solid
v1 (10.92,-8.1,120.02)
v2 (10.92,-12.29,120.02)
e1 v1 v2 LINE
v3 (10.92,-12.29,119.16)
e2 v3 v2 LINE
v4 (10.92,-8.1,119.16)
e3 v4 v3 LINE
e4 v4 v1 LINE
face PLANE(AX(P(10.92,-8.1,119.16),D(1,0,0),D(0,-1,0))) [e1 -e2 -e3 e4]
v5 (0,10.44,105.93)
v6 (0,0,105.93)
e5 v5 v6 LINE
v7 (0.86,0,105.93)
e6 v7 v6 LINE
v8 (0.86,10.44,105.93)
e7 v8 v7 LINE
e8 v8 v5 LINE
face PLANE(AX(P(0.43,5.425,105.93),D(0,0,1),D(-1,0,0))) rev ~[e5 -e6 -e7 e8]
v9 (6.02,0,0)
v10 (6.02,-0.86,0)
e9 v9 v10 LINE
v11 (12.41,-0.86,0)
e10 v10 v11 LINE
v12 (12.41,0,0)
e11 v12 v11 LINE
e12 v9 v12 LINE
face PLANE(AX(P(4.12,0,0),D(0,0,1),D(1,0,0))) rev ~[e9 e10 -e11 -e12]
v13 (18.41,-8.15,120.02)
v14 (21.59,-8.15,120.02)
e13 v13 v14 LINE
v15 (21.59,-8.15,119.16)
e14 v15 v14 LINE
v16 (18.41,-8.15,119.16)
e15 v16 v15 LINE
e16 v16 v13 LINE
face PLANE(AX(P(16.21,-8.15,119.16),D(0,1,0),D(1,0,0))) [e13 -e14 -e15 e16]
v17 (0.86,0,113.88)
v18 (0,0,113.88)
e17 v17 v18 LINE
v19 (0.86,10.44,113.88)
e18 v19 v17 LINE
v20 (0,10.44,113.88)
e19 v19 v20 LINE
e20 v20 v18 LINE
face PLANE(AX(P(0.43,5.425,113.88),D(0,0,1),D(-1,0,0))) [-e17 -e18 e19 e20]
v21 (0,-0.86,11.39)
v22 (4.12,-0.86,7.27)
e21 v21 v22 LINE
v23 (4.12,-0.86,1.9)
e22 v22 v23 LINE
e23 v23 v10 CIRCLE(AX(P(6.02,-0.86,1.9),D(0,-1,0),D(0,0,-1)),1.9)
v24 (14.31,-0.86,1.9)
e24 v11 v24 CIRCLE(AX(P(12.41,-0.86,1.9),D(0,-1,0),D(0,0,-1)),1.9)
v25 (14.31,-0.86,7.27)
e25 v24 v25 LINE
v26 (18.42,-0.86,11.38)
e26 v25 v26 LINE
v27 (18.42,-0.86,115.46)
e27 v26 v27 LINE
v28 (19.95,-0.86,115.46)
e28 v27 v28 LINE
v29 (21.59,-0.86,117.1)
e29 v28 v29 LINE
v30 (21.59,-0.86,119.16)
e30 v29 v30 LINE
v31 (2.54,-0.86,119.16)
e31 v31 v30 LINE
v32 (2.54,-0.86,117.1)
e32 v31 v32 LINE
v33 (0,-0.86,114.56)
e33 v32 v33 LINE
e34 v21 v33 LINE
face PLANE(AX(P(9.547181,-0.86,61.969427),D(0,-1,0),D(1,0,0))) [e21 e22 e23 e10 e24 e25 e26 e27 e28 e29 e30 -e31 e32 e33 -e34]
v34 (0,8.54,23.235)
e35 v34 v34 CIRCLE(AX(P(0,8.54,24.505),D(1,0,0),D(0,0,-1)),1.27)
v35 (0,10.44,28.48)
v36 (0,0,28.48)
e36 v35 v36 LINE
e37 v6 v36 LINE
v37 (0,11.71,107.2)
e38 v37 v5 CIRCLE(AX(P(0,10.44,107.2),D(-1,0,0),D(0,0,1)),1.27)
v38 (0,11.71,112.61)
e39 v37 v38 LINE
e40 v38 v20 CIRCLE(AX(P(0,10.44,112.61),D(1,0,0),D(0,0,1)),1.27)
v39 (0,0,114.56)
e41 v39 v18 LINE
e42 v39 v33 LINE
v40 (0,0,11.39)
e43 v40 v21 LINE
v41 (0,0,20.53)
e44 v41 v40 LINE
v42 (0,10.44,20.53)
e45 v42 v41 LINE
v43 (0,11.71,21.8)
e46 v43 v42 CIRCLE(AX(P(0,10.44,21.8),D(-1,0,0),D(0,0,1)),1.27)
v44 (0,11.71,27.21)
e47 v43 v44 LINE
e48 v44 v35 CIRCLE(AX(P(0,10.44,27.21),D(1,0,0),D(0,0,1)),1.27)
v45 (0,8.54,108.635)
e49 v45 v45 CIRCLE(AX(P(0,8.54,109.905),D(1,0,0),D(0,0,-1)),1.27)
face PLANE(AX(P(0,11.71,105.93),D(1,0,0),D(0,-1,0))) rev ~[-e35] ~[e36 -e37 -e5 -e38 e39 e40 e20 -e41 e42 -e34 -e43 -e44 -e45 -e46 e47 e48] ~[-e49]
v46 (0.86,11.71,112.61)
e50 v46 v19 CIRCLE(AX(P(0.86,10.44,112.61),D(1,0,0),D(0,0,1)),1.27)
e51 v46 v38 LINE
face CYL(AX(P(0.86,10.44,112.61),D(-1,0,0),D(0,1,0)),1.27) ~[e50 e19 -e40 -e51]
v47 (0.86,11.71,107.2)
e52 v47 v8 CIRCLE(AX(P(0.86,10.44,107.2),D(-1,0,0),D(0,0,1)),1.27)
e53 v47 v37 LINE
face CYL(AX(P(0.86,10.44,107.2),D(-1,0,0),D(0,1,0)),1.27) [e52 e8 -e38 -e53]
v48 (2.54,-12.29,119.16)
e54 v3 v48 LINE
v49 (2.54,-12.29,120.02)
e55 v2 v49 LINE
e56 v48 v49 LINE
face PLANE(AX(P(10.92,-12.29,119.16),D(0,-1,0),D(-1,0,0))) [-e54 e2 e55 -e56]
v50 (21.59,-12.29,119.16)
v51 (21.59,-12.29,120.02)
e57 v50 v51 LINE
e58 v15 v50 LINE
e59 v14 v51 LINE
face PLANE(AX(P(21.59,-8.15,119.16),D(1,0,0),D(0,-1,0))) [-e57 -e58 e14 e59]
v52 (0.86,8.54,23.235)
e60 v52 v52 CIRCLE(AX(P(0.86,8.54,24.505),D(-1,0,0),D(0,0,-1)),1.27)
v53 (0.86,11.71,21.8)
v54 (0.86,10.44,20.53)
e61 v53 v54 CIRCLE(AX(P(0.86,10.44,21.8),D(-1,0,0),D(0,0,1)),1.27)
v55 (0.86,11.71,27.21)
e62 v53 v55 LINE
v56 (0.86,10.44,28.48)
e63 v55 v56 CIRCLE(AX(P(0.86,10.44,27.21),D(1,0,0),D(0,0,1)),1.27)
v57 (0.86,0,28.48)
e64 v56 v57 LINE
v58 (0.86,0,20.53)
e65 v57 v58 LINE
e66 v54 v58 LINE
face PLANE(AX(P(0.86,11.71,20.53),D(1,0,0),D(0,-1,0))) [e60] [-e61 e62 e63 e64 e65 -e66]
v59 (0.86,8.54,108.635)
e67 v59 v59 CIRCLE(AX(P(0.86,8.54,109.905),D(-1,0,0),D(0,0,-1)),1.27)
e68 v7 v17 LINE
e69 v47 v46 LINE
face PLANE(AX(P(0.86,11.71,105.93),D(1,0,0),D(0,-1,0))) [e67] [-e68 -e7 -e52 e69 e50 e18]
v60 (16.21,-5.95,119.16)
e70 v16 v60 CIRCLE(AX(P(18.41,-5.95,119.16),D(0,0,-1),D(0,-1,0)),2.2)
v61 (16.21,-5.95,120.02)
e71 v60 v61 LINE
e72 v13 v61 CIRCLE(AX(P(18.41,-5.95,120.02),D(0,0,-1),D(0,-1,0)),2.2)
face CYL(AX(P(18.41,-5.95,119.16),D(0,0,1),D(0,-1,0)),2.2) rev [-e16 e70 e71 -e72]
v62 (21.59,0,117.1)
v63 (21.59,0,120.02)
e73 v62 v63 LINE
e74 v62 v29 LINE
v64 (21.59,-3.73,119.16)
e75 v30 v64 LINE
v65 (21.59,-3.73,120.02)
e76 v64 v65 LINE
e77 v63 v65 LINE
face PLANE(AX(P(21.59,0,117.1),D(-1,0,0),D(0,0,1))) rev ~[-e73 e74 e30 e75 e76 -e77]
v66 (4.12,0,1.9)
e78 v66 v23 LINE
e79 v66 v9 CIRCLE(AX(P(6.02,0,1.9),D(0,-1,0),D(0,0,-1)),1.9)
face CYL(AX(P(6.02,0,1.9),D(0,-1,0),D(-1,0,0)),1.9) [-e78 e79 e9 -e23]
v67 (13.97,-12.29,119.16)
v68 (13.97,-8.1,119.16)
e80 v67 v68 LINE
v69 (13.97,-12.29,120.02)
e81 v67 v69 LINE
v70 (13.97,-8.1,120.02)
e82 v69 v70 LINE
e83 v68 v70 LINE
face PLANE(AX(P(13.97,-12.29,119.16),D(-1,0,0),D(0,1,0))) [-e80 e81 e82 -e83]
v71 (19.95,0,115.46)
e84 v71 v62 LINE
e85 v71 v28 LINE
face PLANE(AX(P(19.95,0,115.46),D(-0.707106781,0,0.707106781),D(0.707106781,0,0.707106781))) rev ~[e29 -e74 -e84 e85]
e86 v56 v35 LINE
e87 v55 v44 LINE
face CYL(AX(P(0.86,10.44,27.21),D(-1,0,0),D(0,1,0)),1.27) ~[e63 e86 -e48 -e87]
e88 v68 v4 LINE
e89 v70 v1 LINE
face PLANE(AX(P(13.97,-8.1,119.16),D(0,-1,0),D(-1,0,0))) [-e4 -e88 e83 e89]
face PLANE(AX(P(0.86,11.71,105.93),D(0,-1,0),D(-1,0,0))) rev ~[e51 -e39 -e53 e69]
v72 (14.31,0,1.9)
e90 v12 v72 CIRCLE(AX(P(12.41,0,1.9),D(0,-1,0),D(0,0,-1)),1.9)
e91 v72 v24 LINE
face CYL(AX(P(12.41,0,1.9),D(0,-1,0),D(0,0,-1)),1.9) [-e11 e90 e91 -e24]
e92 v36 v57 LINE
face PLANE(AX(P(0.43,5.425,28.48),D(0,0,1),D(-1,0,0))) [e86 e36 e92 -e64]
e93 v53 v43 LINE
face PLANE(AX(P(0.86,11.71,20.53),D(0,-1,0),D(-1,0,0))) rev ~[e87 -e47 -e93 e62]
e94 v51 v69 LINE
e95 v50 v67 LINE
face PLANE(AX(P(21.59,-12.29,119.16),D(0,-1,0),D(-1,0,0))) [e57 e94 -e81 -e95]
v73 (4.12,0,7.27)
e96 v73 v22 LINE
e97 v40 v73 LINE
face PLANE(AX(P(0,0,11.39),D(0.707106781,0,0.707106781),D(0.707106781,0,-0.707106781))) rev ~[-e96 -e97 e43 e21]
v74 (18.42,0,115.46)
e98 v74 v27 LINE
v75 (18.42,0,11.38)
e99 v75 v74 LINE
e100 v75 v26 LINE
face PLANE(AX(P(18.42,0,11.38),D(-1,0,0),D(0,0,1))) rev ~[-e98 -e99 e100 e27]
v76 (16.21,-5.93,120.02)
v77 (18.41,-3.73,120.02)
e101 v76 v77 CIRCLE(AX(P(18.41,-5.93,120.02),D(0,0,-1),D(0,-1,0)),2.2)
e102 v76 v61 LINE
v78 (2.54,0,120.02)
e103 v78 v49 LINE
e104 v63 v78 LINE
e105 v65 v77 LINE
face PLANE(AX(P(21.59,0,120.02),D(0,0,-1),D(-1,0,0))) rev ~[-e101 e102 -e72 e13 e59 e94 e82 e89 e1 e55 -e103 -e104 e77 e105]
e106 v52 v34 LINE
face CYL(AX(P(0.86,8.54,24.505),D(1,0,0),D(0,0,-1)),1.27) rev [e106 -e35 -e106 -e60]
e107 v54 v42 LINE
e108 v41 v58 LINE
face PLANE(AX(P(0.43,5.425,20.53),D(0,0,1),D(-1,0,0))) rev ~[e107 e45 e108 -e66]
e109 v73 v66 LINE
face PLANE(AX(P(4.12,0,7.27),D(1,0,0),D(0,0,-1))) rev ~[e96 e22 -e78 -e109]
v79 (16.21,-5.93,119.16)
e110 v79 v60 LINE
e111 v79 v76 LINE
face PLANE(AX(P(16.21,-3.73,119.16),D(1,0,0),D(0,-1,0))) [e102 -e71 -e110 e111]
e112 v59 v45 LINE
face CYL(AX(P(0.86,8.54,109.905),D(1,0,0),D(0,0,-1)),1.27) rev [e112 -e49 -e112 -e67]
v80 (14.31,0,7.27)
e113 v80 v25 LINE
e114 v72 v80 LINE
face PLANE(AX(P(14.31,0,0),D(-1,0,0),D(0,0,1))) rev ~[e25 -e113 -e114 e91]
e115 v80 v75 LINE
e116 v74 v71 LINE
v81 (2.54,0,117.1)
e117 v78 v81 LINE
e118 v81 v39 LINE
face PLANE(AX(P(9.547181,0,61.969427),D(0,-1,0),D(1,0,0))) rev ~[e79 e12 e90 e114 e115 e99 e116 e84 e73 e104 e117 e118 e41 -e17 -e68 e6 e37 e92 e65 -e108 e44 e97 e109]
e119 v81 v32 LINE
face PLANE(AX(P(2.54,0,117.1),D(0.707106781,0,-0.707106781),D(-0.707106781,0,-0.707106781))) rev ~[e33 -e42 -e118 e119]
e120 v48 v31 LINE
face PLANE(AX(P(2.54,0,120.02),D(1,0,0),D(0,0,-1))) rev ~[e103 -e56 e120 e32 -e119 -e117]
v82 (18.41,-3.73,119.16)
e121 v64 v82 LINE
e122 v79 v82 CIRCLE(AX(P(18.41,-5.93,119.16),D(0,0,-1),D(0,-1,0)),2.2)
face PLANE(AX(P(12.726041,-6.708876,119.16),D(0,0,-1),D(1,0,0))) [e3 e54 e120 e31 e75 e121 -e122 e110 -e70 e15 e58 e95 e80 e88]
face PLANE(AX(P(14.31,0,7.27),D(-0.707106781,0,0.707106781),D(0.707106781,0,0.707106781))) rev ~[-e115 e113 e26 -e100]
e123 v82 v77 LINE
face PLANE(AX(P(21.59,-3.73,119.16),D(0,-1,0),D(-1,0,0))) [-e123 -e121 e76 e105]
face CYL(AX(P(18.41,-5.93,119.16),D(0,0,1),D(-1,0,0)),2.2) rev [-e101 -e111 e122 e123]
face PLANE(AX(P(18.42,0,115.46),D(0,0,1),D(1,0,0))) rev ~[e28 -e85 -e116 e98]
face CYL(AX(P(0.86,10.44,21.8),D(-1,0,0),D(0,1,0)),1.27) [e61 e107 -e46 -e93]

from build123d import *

# Parameters (mm, degrees)
PAD_DEPTH                 = 0.86
PAD002_DEPTH              = 0.86
FILLET_R                  = 2.2
FILLET001_R               = 1.9
CYLINDER_R                = 1.27
CYLINDER_DEPTH            = 10
BOX_W                     = 0.86
BOX_H                     = 12.57
BOX_DEPTH                 = 7.95
FILLET002_R               = 1.27
FILLET002_PLACEMENT_ANGLE = 180
CYLINDER001_R             = 1.27
CYLINDER001_DEPTH         = 10
BOX001_W                  = 0.86
BOX001_H                  = 12.57
BOX001_DEPTH              = 7.95
FILLET003_R               = 1.27
FILLET003_PLACEMENT_ANGLE = 180


with BuildPart() as body:
    # Sketch → Pad (new body)
    with BuildSketch(Plane.XZ):
        Polygon((0, 11.39), (4.12, 7.27), (4.12, 0), (14.31, 0), (14.31, 7.27), (18.42, 11.38), (18.42, 115.46), (19.95, 115.46), (21.59, 117.1), (21.59, 120.02), (2.54, 120.02), (2.54, 117.1), (0, 114.56), align=None)
    extrude(amount=PAD_DEPTH)


with BuildPart() as fillet001:
    # Sketch002 (on Face10 of Pad) → Pad002 (new body)
    with BuildSketch(Plane(origin=(0, 0, 120.02), x_dir=(-1, 0, 0), z_dir=(0, 0, 1))):
        Polygon((-21.59, 0.86), (-21.59, 3.73), (-16.21, 3.73), (-16.21, 8.15), (-21.59, 8.15), (-21.59, 12.29), (-13.97, 12.29), (-13.97, 8.1), (-10.92, 8.1), (-10.92, 12.29), (-2.54, 12.29), (-2.54, 0.86), align=None)
    extrude(amount=PAD002_DEPTH)


with BuildPart() as fillet001_1:
    # Body001 placement: moved
    add(fillet001.part.moved(Location((0, 0, -0.86))))

    # Fusion: union Body
    add(body.part)

    # Fillet
    fillet_edges = [fillet001_1.edges().sort_by_distance(p)[0] for p in [
        (16.21, -3.73, 119.59),
        (16.21, -8.15, 119.59),
    ]]
    fillet(fillet_edges, radius=FILLET_R)

    # Fillet001
    fillet001_edges = [fillet001_1.edges().sort_by_distance(p)[0] for p in [
        (4.12, -0.43, 0),
        (14.31, -0.43, 0),
    ]]
    fillet(fillet001_edges, radius=FILLET001_R)


with BuildPart() as cylinder:
    # Cylinder → Cylinder (new body)
    with BuildSketch(Plane(origin=(0, -9.4, 3.975), x_dir=(0, 0, -1), z_dir=(1, 0, 0))):
        Circle(CYLINDER_R)
    extrude(amount=CYLINDER_DEPTH)


with BuildPart() as fillet002:
    # Box → Box (new body)
    with BuildSketch(Plane(origin=(0, -12.57, 0), x_dir=(1, 0, 0), z_dir=(0, 0, 1))):
        with Locations((0.43, 6.285)):
            Rectangle(BOX_W, BOX_H)
    extrude(amount=BOX_DEPTH)

    # Cut: cut Cylinder
    add(cylinder.part, mode=Mode.SUBTRACT)

    # Fillet002
    fillet002_edges = [fillet002.edges().sort_by_distance(p)[0] for p in [
        (0.43, -12.57, 0),
        (0.43, -12.57, 7.95),
    ]]
    fillet(fillet002_edges, radius=FILLET002_R)


with BuildPart() as fillet002_1:
    # Fillet002 placement: moved
    add(fillet002.part.moved(Location((0.86, -0.86, 105.93))).rotate(Axis((0.86, -0.86, 105.93), (0, 0, 1)), FILLET002_PLACEMENT_ANGLE))


with BuildPart() as cylinder001:
    # Cylinder001 → Cylinder001 (new body)
    with BuildSketch(Plane(origin=(0, -9.4, 3.975), x_dir=(0, 0, -1), z_dir=(1, 0, 0))):
        Circle(CYLINDER001_R)
    extrude(amount=CYLINDER001_DEPTH)


with BuildPart() as iobracket_standard:
    # Box001 → Box001 (new body)
    with BuildSketch(Plane(origin=(0, -12.57, 0), x_dir=(1, 0, 0), z_dir=(0, 0, 1))):
        with Locations((0.43, 6.285)):
            Rectangle(BOX001_W, BOX001_H)
    extrude(amount=BOX001_DEPTH)

    # Cut001: cut Cylinder001
    add(cylinder001.part, mode=Mode.SUBTRACT)

    # Fillet003
    fillet003_edges = [iobracket_standard.edges().sort_by_distance(p)[0] for p in [
        (0.43, -12.57, 0),
        (0.43, -12.57, 7.95),
    ]]
    fillet(fillet003_edges, radius=FILLET003_R)


with BuildPart() as iobracket_standard_1:
    # Fillet003 placement: moved
    add(iobracket_standard.part.moved(Location((0.86, -0.86, 20.53))).rotate(Axis((0.86, -0.86, 20.53), (0, 0, 1)), FILLET003_PLACEMENT_ANGLE))

    # Fusion001: union Fillet001, Fillet002
    add(fillet001_1.part)
    add(fillet002_1.part)


solid = iobracket_standard_1.part
